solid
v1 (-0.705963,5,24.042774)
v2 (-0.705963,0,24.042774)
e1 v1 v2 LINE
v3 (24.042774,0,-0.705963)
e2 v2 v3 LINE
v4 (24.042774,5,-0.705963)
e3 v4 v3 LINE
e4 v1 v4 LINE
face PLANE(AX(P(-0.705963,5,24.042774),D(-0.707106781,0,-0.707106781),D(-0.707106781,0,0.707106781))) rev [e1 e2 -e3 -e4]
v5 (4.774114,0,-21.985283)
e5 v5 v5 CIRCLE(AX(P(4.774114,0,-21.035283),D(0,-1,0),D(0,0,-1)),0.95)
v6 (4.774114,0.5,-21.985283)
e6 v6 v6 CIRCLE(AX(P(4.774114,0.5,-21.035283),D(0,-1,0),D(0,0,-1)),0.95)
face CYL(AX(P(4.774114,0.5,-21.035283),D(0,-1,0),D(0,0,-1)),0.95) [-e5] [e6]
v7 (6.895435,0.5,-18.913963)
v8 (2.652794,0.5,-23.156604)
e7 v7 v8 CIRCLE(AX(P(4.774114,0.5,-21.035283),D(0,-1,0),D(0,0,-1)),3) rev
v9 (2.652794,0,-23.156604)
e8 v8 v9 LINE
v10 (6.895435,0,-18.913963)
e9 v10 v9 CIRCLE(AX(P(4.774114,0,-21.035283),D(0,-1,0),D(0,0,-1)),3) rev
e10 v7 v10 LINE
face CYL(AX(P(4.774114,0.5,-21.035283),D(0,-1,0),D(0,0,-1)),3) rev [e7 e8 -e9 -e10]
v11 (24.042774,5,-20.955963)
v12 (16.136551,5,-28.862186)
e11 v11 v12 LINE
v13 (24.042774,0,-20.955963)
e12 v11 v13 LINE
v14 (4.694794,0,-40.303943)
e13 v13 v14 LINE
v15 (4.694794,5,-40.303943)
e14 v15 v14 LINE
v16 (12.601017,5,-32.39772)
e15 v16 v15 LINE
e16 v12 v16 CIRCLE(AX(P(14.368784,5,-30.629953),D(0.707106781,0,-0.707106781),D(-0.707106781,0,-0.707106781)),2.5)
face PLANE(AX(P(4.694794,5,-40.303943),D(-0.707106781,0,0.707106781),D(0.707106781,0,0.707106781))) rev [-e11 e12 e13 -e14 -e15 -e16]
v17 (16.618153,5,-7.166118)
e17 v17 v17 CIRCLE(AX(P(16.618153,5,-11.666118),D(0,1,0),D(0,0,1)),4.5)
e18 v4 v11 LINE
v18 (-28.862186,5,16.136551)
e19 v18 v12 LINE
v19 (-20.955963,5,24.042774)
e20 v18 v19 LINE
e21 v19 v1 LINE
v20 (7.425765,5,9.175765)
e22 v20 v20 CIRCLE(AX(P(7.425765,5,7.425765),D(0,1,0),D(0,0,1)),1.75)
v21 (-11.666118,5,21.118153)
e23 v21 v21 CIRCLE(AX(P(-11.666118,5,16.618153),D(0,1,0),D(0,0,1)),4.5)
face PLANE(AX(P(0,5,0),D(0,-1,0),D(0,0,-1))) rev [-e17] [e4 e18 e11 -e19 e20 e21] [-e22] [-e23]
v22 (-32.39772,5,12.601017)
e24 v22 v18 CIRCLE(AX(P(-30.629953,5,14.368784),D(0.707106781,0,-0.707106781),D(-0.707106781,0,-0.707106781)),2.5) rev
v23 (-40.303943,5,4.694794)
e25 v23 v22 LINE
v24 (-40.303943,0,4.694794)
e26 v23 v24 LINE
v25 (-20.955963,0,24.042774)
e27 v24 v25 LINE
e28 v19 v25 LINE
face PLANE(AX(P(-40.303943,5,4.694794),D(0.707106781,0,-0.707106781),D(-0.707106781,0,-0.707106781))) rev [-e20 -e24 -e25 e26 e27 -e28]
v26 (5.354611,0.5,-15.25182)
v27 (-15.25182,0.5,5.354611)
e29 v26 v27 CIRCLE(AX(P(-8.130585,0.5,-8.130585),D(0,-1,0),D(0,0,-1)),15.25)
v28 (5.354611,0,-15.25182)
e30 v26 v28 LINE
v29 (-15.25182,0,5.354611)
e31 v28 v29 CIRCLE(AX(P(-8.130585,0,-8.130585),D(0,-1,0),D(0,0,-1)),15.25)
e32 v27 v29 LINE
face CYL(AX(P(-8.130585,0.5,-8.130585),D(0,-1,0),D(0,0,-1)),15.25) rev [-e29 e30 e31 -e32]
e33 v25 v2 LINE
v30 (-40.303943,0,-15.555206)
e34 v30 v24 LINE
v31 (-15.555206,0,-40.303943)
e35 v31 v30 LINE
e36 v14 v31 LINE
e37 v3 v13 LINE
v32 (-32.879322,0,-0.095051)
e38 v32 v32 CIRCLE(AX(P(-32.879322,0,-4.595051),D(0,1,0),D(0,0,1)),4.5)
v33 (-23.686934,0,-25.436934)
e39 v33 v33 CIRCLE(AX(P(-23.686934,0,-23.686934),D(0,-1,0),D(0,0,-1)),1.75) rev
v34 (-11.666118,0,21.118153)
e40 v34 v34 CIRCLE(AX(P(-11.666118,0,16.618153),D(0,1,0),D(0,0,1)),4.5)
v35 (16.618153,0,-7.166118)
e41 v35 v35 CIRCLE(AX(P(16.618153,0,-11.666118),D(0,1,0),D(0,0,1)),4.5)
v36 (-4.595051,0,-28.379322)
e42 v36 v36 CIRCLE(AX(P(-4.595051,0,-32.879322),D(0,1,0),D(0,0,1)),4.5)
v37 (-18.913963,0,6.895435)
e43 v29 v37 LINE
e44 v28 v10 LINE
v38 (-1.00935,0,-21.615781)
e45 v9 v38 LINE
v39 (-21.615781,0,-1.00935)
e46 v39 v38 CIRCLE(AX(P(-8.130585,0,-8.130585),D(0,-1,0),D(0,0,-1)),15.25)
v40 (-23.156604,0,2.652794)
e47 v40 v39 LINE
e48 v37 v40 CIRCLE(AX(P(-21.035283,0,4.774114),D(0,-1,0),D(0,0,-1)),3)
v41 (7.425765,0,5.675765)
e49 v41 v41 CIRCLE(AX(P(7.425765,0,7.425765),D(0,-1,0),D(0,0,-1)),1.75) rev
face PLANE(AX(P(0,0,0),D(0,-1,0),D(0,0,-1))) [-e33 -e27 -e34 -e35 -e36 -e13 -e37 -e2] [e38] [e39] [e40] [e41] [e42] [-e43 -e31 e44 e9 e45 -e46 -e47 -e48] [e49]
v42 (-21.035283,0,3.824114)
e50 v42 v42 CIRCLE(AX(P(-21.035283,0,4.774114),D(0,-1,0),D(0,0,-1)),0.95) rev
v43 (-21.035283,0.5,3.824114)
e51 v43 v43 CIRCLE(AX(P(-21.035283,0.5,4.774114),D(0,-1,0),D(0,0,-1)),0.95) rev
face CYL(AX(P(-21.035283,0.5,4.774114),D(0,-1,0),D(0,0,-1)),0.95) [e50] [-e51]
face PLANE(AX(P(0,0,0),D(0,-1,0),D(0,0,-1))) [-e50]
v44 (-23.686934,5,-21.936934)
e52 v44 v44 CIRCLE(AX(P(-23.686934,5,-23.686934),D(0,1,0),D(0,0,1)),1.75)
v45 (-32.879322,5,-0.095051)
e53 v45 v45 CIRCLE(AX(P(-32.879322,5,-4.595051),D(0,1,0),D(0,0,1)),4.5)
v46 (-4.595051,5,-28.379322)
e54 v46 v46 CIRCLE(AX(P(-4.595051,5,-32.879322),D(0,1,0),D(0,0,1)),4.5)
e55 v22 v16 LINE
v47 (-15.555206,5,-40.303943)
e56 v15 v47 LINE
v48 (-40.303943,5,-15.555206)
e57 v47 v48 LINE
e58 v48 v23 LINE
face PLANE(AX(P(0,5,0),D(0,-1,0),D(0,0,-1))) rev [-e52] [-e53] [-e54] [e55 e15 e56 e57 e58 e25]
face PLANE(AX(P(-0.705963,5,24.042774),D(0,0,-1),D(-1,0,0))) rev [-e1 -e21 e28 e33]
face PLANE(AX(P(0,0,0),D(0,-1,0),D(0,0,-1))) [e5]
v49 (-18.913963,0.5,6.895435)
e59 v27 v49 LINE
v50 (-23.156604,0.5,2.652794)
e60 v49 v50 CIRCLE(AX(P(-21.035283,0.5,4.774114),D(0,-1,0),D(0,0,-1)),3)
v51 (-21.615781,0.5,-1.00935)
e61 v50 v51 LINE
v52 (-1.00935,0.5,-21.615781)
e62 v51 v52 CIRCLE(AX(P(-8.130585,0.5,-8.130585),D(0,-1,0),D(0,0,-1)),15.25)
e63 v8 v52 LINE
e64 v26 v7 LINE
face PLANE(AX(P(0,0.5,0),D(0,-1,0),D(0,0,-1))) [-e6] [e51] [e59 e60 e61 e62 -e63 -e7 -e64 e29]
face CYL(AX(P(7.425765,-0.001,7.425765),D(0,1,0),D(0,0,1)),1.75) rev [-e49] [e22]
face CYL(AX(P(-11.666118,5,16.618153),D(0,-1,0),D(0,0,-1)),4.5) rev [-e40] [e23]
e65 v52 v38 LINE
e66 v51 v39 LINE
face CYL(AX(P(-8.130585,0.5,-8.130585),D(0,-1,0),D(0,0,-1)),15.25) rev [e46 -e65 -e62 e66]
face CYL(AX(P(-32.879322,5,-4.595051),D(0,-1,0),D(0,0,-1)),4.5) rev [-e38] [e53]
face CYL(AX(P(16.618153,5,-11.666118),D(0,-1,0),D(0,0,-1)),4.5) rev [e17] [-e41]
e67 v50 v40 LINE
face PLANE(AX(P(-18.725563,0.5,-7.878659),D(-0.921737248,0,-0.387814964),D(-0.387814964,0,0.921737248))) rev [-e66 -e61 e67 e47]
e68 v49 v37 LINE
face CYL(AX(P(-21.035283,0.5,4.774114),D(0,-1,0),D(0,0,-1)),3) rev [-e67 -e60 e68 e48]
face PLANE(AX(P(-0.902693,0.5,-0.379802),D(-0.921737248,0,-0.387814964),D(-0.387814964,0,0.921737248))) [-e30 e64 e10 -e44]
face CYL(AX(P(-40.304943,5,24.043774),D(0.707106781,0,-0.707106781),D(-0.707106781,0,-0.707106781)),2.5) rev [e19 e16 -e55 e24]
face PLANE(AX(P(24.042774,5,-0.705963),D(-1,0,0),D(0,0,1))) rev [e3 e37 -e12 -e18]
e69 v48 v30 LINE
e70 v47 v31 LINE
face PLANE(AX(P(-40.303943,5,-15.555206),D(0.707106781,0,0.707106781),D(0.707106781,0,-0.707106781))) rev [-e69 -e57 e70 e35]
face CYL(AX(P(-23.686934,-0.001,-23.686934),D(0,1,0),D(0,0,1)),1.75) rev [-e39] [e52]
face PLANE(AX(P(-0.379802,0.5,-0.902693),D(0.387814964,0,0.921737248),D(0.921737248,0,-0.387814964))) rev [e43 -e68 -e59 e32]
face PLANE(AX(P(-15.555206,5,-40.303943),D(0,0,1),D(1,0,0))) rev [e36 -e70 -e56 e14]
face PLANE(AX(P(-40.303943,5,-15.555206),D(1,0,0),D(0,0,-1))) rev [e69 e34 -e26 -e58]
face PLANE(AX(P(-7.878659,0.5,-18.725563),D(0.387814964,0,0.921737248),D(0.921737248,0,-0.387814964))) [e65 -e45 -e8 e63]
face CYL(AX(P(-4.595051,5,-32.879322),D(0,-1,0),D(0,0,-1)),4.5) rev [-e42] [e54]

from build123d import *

# Parameters (mm, degrees)
SKETCH1_R           = 4.5
BOSS_EXTRUDE1_DEPTH = 5
CUT_EXTRUDE1_REACH  = 80.329
CUT_EXTRUDE3_REACH  = 59.217
SKETCH6_R           = 1.75
SKETCH8_R           = 15.25
SKETCH8_R_2         = 0.95
CUT_EXTRUDE7_DEPTH  = 0.5


with BuildPart() as part:
    # Sketch1 → Boss-Extrude1 (new body)
    with BuildSketch(Plane(origin=(0, 0, 0), x_dir=(1, 0, 0), z_dir=(0, 1, 0))):
        Polygon((-40.303943114, 15.555205773), (-15.555205773, 40.303943114), (4.694794227, 40.303943114), (24.042773974, 20.955963368), (24.042773974, 0.705963368), (-0.705963368, -24.042773974), (-20.955963368, -24.042773974), (-40.303943114, -4.694794227), align=None)
        with Locations(Location((-11.666118476, -16.618152771, 0), (0, 0, 270))):
            Circle(SKETCH1_R, mode=Mode.SUBTRACT)
        with Locations(Location((16.618152771, 11.666118476, 0), (0, 0, 270))):
            Circle(SKETCH1_R, mode=Mode.SUBTRACT)
        with Locations(Location((-4.595050664, 32.879321912, 0), (0, 0, 270))):
            Circle(SKETCH1_R, mode=Mode.SUBTRACT)
        with Locations(Location((-32.879321912, 4.595050664, 0), (0, 0, 270))):
            Circle(SKETCH1_R, mode=Mode.SUBTRACT)
    extrude(amount=BOSS_EXTRUDE1_DEPTH)

    # Sketch4 → Cut-Extrude1 (cut, up to next)
    with BuildSketch(Plane(origin=(22.499368671, 0, -22.499368671), x_dir=(-0.7071067811865465, 0, -0.7071067811865487), z_dir=(0.7071067811865487, 0, -0.7071067811865465)), mode=Mode.PRIVATE) as cut_extrude1_sk1:
        with BuildLine():
            Line((13.998382969, 5), (8.998382969, 5))
            ThreePointArc((8.998382969, 5), (11.498382969, 2.5), (13.998382969, 5))
        make_face()
    cut_extrude1_tool1 = extrude(cut_extrude1_sk1.sketch, amount=-CUT_EXTRUDE1_REACH, mode=Mode.PRIVATE) & part.part
    add(cut_extrude1_tool1.solids().sort_by_distance((14.368784, 3.938967, -30.629953))[0], mode=Mode.SUBTRACT)

    # Sketch6 → Cut-Extrude3 (cut, up to next)
    with BuildSketch(Plane(origin=(0, 5, 0), x_dir=(1, 0, 0), z_dir=(0, 1, 0)), mode=Mode.PRIVATE) as cut_extrude3_sk1:
        with Locations(Location((-23.686933757, 23.686933757, 0), (0, 0, 270))):
            Circle(SKETCH6_R)
    cut_extrude3_tool1 = extrude(cut_extrude3_sk1.sketch, amount=-CUT_EXTRUDE3_REACH, mode=Mode.PRIVATE) & part.part
    # Sketch6 → Cut-Extrude3 (cut, up to next)
    with BuildSketch(Plane(origin=(0, 5, 0), x_dir=(1, 0, 0), z_dir=(0, 1, 0)), mode=Mode.PRIVATE) as cut_extrude3_sk2:
        with Locations(Location((7.425764616, -7.425764616, 0), (0, 0, 270))):
            Circle(SKETCH6_R)
    cut_extrude3_tool2 = extrude(cut_extrude3_sk2.sketch, amount=-CUT_EXTRUDE3_REACH, mode=Mode.PRIVATE) & part.part
    add(cut_extrude3_tool1.solids().sort_by_distance((-23.686934, 5, -23.686934))[0], mode=Mode.SUBTRACT)
    add(cut_extrude3_tool2.solids().sort_by_distance((7.425765, 5, 7.425765))[0], mode=Mode.SUBTRACT)

    # Sketch8 → Cut-Extrude7 (cut)
    # profile 1 of 3: a face of its own
    with BuildSketch(Plane.XZ):
        with Locations((-8.13058457, -8.13058457)):
            Circle(SKETCH8_R)
    # profile 2 of 3: a face of its own
    with BuildSketch(Plane.XZ):
        with BuildLine():
            Line((-23.156603671, 2.652793843), (-21.615780603, -1.009349568))
            ThreePointArc((-21.615780603, -1.009349568), (-18.913962984, 2.652793843), (-15.251819573, 5.354611462))
            Line((-15.251819573, 5.354611462), (-18.913962984, 6.89543453))
            ThreePointArc((-18.913962984, 6.89543453), (-23.156603671, 6.89543453), (-23.156603671, 2.652793843))
        make_face()
        with Locations(Location((-21.035283327, 4.774114186, 0), (0, 0, 270))):
            Circle(SKETCH8_R_2, mode=Mode.SUBTRACT)
    # profile 3 of 3: a face of its own
    with BuildSketch(Plane.XZ):
        with BuildLine():
            Line((-1.009349568, -21.615780603), (2.652793843, -23.156603671))
            ThreePointArc((2.652793843, -23.156603671), (6.89543453, -23.156603671), (6.89543453, -18.913962984))
            Line((6.89543453, -18.913962984), (5.354611462, -15.251819573))
            ThreePointArc((5.354611462, -15.251819573), (2.652793843, -18.913962984), (-1.009349568, -21.615780603))
        make_face()
        with Locations(Location((4.774114186, -21.035283327, 0), (0, 0, 270))):
            Circle(SKETCH8_R_2, mode=Mode.SUBTRACT)
    extrude(amount=-CUT_EXTRUDE7_DEPTH, mode=Mode.SUBTRACT)


solid = part.part
